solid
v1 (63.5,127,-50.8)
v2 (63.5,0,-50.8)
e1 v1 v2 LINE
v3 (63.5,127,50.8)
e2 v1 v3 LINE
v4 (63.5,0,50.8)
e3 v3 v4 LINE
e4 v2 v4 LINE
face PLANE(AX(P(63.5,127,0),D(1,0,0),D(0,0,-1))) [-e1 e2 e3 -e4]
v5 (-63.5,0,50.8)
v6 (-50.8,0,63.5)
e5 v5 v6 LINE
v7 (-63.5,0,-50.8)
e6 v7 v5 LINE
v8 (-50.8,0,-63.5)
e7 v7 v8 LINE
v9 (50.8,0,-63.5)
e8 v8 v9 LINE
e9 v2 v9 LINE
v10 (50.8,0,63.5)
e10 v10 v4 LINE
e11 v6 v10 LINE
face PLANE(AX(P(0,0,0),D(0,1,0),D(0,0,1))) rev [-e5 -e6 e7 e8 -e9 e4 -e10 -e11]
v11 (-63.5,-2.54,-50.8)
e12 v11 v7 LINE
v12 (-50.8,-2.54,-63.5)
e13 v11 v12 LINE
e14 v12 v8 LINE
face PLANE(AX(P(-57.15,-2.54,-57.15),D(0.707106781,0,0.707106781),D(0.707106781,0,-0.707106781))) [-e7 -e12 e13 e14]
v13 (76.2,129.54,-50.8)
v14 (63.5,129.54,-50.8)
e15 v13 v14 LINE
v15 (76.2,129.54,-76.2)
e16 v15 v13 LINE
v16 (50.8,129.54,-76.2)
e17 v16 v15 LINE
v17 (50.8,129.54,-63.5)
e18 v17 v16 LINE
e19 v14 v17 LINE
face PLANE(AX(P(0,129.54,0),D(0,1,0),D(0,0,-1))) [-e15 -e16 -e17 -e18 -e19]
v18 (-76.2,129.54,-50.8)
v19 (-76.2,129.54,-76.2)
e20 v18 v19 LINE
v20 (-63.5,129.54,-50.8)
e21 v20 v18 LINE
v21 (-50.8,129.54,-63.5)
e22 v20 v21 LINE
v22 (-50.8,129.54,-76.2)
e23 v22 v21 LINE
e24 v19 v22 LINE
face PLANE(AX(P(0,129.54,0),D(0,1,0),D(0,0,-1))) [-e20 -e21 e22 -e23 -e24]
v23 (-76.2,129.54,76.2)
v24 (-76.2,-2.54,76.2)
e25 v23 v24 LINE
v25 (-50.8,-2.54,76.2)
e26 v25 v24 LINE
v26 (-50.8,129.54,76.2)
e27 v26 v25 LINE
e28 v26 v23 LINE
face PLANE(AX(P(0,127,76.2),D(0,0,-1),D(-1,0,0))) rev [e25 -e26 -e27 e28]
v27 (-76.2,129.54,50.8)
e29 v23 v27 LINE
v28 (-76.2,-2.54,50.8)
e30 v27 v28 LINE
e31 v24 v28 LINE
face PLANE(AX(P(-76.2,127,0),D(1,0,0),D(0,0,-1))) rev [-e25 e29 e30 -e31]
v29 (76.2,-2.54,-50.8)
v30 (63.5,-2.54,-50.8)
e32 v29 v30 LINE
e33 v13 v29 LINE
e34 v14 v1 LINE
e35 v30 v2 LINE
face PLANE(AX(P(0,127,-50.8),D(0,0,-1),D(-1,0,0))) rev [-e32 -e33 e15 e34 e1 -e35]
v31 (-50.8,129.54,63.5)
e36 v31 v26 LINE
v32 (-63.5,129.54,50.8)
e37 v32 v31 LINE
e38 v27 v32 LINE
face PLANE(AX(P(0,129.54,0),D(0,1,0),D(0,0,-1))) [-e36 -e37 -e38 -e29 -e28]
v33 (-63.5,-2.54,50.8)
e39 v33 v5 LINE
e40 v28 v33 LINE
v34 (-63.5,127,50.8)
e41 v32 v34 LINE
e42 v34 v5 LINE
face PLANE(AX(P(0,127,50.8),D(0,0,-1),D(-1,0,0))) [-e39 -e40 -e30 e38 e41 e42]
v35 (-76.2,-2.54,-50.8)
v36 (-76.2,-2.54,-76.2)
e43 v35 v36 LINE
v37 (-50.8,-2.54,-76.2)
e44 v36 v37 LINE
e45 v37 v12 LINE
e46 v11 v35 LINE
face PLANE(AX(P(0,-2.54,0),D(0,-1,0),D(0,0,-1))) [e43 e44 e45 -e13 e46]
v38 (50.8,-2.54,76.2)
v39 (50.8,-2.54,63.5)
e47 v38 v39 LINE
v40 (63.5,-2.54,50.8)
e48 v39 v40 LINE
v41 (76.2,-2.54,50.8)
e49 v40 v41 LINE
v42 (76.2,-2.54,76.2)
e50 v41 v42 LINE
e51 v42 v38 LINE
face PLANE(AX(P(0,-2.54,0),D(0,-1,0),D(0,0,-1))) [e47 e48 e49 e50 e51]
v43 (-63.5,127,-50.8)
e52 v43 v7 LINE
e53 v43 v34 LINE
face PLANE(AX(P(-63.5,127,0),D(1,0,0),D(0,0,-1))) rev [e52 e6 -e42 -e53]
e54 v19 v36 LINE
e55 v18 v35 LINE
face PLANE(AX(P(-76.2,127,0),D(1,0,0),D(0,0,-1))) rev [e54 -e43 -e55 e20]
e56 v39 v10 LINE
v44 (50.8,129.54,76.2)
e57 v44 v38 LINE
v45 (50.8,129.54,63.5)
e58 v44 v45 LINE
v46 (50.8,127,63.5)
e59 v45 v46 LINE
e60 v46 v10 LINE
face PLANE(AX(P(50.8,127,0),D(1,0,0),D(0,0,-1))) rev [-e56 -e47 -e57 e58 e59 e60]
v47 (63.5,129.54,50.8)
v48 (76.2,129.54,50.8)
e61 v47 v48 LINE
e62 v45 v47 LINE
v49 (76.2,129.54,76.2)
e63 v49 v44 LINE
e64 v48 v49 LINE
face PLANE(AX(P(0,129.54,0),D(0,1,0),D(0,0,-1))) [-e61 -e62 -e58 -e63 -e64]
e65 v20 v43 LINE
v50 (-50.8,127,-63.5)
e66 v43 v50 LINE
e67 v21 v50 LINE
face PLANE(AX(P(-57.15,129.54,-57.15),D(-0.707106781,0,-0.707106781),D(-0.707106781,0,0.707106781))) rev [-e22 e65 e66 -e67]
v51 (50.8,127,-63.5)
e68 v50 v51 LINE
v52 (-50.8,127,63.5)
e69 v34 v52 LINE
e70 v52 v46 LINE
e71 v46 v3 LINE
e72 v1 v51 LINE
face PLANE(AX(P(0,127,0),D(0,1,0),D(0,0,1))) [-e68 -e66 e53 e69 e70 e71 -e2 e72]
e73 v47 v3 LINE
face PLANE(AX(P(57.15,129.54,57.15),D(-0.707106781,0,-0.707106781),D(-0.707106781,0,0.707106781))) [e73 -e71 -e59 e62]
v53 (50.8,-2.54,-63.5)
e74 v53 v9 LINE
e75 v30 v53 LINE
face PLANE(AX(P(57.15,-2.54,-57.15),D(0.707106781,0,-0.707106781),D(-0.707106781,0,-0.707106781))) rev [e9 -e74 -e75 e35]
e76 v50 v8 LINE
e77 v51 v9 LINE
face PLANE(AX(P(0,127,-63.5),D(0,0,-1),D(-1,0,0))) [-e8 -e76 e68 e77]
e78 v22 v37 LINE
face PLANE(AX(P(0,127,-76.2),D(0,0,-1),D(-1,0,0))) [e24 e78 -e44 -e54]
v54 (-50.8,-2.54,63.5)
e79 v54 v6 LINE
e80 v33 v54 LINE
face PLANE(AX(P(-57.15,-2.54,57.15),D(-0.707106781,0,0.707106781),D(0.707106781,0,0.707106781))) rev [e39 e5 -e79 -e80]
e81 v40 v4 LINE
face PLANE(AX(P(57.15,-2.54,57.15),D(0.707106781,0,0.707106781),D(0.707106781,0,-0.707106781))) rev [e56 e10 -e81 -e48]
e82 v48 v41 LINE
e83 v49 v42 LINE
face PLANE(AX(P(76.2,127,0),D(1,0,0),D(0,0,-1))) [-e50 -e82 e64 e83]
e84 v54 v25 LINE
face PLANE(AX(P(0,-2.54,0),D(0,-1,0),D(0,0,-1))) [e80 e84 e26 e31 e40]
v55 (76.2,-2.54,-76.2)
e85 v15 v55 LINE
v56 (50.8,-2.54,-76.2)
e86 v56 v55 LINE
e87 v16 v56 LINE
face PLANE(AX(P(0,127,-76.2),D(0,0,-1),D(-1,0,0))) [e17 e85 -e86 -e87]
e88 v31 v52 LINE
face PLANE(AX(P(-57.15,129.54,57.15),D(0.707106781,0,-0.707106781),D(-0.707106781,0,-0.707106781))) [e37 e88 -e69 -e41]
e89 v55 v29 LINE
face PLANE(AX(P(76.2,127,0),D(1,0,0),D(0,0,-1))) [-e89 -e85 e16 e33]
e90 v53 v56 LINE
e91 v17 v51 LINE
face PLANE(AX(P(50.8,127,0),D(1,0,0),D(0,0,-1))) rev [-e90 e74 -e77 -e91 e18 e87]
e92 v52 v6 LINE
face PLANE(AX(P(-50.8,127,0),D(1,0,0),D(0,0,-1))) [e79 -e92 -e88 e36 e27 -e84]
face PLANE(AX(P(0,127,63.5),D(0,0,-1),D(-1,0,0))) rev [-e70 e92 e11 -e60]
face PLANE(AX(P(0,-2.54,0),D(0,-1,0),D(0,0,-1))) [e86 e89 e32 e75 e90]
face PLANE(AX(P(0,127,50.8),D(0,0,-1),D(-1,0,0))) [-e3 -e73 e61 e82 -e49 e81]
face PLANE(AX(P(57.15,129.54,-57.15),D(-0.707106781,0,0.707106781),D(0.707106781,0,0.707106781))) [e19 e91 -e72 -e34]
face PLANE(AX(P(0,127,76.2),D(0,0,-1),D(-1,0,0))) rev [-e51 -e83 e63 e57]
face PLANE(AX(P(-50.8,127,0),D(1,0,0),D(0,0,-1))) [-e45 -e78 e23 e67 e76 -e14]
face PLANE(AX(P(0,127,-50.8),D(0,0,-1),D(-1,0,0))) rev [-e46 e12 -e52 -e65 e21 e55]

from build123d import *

# Parameters (mm, degrees)
SKETCH1_W           = 12.7
SKETCH1_H           = 12.7
BOSS_EXTRUDE1_DEPTH = 127
BOSS_EXTRUDE2_DEPTH = 2.54


with BuildPart() as part:
    # Sketch1 → Boss-Extrude1 (new body)
    with BuildSketch(Plane(origin=(0, 0, 0), x_dir=(1, 0, 0), z_dir=(0, 1, 0))):
        Polygon((50.8, 63.5), (-50.8, 63.5), (-50.8, 50.8), (-63.5, 50.8), (-63.5, -50.8), (-50.8, -50.8), (-50.8, -63.5), (50.8, -63.5), (50.8, -50.8), (63.5, -50.8), (63.5, 50.8), (50.8, 50.8), align=None)
        with Locations((-57.15, -57.15)):
            Rectangle(SKETCH1_W, SKETCH1_H)
        Polygon((-63.5, -63.5), (-63.5, -50.8), (-76.2, -50.8), (-76.2, -76.2), (-50.8, -76.2), (-50.8, -63.5), align=None)
        with Locations((57.15, -57.15)):
            Rectangle(SKETCH1_W, SKETCH1_H)
        Polygon((76.2, -50.8), (63.5, -50.8), (63.5, -63.5), (50.8, -63.5), (50.8, -76.2), (76.2, -76.2), align=None)
        with Locations((57.15, 57.15)):
            Rectangle(SKETCH1_W, SKETCH1_H)
        Polygon((50.8, 76.2), (50.8, 63.5), (63.5, 63.5), (63.5, 50.8), (76.2, 50.8), (76.2, 76.2), align=None)
        Polygon((-63.5, 50.8), (-63.5, 63.5), (-50.8, 63.5), (-50.8, 76.2), (-76.2, 76.2), (-76.2, 50.8), align=None)
        with Locations((-57.15, 57.15)):
            Rectangle(SKETCH1_W, SKETCH1_H)
    extrude(amount=BOSS_EXTRUDE1_DEPTH)

    # Sketch2 → Boss-Extrude2 (add)
    with BuildSketch(Plane.XZ):
        Polygon((50.8, 63.5), (63.5, 50.8), (76.2, 50.8), (76.2, 76.2), (50.8, 76.2), align=None)
        Polygon((63.5, -50.8), (50.8, -63.5), (50.8, -76.2), (76.2, -76.2), (76.2, -50.8), align=None)
        Polygon((-63.5, -50.8), (-50.8, -63.5), (-50.8, -76.2), (-76.2, -76.2), (-76.2, -50.8), align=None)
        Polygon((-63.5, 50.8), (-50.8, 63.5), (-50.8, 76.2), (-76.2, 76.2), (-76.2, 50.8), align=None)
    boss_extrude2 = extrude(amount=BOSS_EXTRUDE2_DEPTH)

    # Mirror1: Boss-Extrude2 across plane
    add(boss_extrude2.mirror(Plane.ZX.offset(63.5)))


solid = part.part
